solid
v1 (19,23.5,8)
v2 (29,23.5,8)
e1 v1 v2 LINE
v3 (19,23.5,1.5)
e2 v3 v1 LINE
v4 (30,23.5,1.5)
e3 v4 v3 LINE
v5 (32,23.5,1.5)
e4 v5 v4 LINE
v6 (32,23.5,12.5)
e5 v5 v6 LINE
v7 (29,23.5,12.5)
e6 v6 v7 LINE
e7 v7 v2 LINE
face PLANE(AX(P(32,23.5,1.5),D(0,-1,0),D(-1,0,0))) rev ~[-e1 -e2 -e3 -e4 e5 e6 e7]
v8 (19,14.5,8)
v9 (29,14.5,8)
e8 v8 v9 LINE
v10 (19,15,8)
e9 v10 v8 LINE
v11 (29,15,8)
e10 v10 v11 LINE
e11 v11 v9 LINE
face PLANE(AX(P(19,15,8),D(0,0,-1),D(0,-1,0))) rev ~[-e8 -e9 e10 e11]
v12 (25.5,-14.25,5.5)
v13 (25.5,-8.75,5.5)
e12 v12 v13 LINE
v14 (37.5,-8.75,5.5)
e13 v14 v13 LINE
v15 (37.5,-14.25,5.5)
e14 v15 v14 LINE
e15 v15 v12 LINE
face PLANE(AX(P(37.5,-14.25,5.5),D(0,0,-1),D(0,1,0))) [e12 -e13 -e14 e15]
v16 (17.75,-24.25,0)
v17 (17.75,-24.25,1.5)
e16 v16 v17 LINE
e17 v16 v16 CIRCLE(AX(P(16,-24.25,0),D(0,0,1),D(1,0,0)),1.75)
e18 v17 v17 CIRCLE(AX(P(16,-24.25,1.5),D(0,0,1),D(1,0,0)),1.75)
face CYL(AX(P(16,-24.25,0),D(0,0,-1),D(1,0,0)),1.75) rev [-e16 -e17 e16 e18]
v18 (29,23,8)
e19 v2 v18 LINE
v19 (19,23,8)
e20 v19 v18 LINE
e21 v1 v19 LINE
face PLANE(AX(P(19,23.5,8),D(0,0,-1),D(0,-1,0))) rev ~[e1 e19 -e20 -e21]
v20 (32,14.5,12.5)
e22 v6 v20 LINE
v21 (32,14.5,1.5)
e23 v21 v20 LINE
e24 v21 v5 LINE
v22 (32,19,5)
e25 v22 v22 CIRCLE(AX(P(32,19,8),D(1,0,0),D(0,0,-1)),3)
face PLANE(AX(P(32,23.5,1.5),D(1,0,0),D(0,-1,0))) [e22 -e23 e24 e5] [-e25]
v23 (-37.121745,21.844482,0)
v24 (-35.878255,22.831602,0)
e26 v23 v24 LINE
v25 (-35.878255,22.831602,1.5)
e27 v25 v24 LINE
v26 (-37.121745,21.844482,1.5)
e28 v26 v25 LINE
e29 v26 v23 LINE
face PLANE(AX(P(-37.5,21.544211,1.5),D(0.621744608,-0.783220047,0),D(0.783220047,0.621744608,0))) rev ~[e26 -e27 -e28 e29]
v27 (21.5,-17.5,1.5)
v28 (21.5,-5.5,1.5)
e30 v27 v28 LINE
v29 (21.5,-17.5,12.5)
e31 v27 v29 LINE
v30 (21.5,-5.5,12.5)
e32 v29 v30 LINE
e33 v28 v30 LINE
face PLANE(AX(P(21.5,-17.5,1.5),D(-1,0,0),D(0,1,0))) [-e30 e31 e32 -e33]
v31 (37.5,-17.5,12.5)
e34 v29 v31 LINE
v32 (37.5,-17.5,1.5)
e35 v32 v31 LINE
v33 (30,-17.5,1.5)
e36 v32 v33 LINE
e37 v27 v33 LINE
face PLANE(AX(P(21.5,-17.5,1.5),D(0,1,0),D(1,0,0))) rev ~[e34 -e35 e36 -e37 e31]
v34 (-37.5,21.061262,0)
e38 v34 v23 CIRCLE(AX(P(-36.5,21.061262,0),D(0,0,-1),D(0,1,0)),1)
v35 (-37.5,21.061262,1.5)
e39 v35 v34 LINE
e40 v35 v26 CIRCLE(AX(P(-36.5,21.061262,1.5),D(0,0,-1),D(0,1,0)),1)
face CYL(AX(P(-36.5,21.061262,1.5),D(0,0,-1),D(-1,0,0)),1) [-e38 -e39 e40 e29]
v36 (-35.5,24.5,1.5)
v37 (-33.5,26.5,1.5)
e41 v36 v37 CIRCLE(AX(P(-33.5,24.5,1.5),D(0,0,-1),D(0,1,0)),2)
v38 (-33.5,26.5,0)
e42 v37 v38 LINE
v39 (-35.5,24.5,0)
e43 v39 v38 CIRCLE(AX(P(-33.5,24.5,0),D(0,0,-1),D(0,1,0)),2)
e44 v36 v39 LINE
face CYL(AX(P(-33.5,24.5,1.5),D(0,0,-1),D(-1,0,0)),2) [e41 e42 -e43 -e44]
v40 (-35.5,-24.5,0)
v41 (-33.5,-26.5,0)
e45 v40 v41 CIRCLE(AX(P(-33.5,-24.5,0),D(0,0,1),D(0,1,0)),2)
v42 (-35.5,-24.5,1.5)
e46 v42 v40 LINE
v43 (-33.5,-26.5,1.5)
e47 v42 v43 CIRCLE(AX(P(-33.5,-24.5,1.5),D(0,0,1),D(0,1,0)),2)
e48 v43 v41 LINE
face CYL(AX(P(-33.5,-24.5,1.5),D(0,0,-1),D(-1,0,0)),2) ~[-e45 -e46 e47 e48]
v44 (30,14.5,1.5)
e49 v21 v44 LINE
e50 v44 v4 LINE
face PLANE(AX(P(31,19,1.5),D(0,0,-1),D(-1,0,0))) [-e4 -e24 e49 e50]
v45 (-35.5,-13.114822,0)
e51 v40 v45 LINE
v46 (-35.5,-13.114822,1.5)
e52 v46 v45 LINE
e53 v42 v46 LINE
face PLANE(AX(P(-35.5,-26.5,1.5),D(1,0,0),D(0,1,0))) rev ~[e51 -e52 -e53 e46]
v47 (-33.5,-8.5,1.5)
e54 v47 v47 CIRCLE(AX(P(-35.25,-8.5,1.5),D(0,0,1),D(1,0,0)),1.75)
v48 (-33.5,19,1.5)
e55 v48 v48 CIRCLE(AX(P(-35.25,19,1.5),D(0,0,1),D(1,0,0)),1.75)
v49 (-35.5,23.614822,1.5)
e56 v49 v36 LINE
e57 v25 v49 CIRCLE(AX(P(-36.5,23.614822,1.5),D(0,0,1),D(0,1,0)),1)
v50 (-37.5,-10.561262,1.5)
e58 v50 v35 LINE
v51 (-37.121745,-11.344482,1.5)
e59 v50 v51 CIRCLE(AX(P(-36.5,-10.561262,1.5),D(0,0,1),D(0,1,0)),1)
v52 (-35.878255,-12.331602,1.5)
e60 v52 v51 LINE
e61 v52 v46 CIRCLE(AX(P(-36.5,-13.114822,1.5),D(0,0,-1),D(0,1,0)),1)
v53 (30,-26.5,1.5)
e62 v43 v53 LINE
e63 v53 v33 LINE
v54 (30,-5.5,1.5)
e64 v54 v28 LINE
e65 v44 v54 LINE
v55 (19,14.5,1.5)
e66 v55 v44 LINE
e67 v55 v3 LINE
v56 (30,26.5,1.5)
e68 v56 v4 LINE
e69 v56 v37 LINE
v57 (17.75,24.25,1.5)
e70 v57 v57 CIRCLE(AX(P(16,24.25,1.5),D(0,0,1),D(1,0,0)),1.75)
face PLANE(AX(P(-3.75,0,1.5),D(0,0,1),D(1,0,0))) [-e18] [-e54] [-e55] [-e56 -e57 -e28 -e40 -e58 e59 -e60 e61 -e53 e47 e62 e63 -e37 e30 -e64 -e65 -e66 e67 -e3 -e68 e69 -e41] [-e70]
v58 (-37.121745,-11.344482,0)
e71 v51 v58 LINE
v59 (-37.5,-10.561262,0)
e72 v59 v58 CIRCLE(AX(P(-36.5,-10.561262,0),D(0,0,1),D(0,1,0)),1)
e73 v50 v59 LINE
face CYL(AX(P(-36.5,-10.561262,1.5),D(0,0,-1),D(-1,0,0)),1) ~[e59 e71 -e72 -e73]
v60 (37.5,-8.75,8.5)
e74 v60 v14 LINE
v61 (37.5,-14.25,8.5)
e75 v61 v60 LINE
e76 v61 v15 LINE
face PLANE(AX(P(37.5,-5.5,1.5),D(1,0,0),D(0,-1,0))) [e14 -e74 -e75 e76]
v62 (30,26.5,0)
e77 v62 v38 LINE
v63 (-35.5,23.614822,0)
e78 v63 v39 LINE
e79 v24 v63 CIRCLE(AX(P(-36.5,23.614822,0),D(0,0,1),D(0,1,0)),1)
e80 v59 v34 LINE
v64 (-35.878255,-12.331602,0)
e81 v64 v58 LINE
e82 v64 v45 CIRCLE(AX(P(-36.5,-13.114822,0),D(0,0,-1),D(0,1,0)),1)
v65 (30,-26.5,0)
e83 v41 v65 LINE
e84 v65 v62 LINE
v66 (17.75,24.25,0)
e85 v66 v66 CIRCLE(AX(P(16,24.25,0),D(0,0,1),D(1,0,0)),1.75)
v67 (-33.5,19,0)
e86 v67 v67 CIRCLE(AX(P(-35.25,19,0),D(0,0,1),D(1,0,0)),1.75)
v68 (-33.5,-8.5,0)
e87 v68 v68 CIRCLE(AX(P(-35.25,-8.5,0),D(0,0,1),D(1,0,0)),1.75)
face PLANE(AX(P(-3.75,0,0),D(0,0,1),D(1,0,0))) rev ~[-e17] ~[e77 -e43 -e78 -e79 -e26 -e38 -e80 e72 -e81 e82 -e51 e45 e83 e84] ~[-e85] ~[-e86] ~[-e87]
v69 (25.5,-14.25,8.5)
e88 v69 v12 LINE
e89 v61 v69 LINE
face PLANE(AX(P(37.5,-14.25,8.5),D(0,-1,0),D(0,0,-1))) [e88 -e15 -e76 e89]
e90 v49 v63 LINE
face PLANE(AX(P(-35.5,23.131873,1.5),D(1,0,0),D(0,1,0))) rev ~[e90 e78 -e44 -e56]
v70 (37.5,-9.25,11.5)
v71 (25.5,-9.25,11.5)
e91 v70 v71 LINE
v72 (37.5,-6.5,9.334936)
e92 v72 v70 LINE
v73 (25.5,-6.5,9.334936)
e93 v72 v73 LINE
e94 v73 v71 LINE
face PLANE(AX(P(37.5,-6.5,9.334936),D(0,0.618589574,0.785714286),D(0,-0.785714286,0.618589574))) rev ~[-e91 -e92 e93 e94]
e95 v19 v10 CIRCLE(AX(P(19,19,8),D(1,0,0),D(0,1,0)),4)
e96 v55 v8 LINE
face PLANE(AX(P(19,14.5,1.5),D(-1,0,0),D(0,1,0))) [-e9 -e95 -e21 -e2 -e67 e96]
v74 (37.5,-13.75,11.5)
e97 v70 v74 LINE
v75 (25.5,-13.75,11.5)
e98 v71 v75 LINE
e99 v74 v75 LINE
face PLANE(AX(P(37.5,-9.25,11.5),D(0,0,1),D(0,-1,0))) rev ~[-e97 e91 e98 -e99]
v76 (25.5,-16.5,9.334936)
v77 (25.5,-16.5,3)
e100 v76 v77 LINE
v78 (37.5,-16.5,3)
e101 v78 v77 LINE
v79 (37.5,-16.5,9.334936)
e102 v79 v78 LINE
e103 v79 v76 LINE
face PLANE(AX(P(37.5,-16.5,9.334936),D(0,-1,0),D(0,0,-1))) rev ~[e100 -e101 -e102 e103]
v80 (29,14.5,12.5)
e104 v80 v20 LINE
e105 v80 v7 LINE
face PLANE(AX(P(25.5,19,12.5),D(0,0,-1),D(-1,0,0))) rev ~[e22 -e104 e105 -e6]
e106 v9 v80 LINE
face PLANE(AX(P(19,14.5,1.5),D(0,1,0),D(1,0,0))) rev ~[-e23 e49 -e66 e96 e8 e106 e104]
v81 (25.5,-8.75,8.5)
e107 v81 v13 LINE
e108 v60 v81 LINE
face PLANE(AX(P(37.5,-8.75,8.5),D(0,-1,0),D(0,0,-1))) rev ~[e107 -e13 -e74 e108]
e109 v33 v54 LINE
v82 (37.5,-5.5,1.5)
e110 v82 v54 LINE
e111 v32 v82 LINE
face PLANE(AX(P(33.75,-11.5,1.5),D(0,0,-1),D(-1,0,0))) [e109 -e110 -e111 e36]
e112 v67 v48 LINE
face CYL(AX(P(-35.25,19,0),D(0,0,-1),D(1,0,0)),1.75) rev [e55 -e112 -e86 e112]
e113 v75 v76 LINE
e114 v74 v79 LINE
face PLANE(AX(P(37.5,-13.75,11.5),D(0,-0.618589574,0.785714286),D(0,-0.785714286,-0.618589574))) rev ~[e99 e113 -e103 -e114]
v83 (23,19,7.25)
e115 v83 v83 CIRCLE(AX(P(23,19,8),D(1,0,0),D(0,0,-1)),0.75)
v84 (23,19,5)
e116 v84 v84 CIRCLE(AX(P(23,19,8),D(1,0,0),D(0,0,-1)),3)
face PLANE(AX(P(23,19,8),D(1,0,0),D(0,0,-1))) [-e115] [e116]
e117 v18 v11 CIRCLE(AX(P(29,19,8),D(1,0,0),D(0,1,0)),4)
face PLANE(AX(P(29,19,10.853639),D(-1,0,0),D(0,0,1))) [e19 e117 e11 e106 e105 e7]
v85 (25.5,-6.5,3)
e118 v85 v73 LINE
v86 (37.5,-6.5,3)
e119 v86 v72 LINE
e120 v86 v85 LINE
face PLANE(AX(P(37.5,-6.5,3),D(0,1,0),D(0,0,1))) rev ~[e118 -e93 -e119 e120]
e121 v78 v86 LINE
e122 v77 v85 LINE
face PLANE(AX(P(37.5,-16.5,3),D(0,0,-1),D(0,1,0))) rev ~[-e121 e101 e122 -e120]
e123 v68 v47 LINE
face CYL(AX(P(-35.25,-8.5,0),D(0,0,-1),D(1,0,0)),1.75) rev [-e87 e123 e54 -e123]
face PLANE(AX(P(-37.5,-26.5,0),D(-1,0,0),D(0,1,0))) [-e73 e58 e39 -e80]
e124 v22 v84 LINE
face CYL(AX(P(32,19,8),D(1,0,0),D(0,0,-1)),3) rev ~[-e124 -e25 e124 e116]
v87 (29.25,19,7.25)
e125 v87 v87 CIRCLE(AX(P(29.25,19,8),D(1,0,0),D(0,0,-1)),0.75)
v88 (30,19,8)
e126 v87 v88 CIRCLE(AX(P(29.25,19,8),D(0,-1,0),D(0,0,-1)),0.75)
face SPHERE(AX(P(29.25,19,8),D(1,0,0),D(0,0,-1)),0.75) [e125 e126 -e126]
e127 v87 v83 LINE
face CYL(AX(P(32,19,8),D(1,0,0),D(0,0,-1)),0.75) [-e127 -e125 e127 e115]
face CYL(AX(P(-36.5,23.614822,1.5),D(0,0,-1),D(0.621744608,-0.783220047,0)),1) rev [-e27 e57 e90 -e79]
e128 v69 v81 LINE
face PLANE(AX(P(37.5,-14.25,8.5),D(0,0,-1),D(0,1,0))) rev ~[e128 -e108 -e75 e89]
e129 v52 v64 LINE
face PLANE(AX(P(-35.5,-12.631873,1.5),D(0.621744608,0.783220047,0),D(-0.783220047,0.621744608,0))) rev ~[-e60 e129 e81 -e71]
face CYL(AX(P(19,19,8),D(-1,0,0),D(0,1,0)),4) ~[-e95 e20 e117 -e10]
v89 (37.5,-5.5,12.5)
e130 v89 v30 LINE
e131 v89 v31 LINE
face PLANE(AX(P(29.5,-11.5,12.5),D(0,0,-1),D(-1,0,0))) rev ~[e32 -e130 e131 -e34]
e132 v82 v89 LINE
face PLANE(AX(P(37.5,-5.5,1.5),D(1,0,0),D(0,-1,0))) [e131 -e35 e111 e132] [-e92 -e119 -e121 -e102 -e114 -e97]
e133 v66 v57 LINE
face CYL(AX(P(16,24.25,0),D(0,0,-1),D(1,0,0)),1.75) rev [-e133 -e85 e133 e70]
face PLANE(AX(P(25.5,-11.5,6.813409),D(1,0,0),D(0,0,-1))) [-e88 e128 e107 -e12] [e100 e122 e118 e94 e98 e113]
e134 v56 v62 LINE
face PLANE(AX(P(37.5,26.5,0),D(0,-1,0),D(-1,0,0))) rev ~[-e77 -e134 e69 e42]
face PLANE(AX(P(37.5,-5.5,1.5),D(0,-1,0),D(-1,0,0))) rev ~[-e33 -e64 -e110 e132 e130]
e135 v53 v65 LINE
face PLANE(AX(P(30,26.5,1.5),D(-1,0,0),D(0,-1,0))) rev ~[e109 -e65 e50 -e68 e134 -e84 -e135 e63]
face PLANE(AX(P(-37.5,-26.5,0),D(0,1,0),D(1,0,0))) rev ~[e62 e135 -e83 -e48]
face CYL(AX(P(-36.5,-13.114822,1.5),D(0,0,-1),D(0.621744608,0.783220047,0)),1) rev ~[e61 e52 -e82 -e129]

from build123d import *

# Parameters (mm, degrees)
SKETCH1_W           = 67.5
SKETCH1_H           = 53
SKETCH1_R           = 1.75
SKETCH1_W_2         = 7.5
BOSS_EXTRUDE1_DEPTH = 1.5
CUT_EXTRUDE1_DEPTH  = 2
FILLET1_R           = 1
FILLET2_R           = 2
SKETCH3_W           = 7.5
SKETCH3_H           = 9
CUT_EXTRUDE2_DEPTH  = 2
BOSS_EXTRUDE2_DEPTH = 11
SKETCH5_W           = 7.5
SKETCH5_H           = 12
CUT_EXTRUDE3_DEPTH  = 1.5
SKETCH6_W           = 3
SKETCH6_H           = 5.5
CUT_EXTRUDE4_DEPTH  = 12
BOSS_EXTRUDE3_DEPTH = 11
SKETCH8_W           = 2
SKETCH8_H           = 9
CUT_EXTRUDE5_DEPTH  = 1.5
SKETCH9_R           = 3
SKETCH9_R_2         = 0.75
CUT_EXTRUDE6_DEPTH  = 9
SKETCH10_R          = 0.75
CUT_EXTRUDE7_DEPTH  = 2
FILLET3_R           = 0.75
CUT_EXTRUDE8_DEPTH  = 10


with BuildPart() as part:
    # Sketch1 → Boss-Extrude1 (new body)
    with BuildSketch(Plane.XY):
        with Locations((-3.75, 0)):
            Rectangle(SKETCH1_W, SKETCH1_H)
        with Locations((-35.25, -8.5)):
            Circle(SKETCH1_R, mode=Mode.SUBTRACT)
        with Locations((16, -24.25)):
            Circle(SKETCH1_R, mode=Mode.SUBTRACT)
        with Locations((-35.25, 19)):
            Circle(SKETCH1_R, mode=Mode.SUBTRACT)
        with Locations((16, 24.25)):
            Circle(SKETCH1_R, mode=Mode.SUBTRACT)
        with Locations((33.75, 0)):
            Rectangle(SKETCH1_W_2, SKETCH1_H)
    extrude(amount=BOSS_EXTRUDE1_DEPTH)

    # Sketch2 → Cut-Extrude1 (cut)
    with BuildSketch(Plane.XY.offset(1.5)):
        Polygon((-37.5, 26.5), (-37.5, 21.544210715), (-35.5, 23.131873366), (-35.5, 26.5), align=None)
        Polygon((-37.5, -11.044210715), (-37.5, -26.5), (-35.5, -26.5), (-35.5, -16), (-35.5, -12.631873366), align=None)
    extrude(amount=-CUT_EXTRUDE1_DEPTH, mode=Mode.SUBTRACT)

    # Fillet1
    fillet1_edges = [part.edges().sort_by_distance(p)[0] for p in [
        (-35.5, 23.131873366, 0.75),
        (-37.5, 21.544210715, 0.75),
        (-35.5, -12.631873366, 0.75),
        (-37.5, -11.044210715, 0.75),
    ]]
    fillet(fillet1_edges, radius=FILLET1_R)

    # Fillet2
    fillet2_edges = [part.edges().sort_by_distance(p)[0] for p in [
        (-35.5, 26.5, 0.75),
        (-35.5, -26.5, 0.75),
    ]]
    fillet(fillet2_edges, radius=FILLET2_R)

    # Sketch3 → Cut-Extrude2 (cut)
    with BuildSketch(Plane.XY.offset(1.5)):
        Polygon((30, -5.5), (37.5, -5.5), (37.5, 26.5), (30, 26.5), (30, 23.5), (32, 23.5), (32, 14.5), (30, 14.5), align=None)
        with Locations((33.75, -22)):
            Rectangle(SKETCH3_W, SKETCH3_H)
    extrude(amount=-CUT_EXTRUDE2_DEPTH, mode=Mode.SUBTRACT)

    # Sketch4 → Boss-Extrude2 (add)
    with BuildSketch(Plane.XY.offset(1.5)):
        Polygon((37.5, -17.5), (30, -17.5), (21.5, -17.5), (21.5, -5.5), (30, -5.5), (37.5, -5.5), align=None)
    extrude(amount=BOSS_EXTRUDE2_DEPTH)

    # Sketch5 → Cut-Extrude3 (cut)
    with BuildSketch(Plane(origin=(0, 0, 0), x_dir=(-1, 0, 0), z_dir=(0, 0, -1))):
        with Locations((-33.75, -11.5)):
            Rectangle(SKETCH5_W, SKETCH5_H)
    extrude(amount=-CUT_EXTRUDE3_DEPTH, mode=Mode.SUBTRACT)

    # Sketch6 → Cut-Extrude4 (cut)
    with BuildSketch(Plane(origin=(37.5, 0, 0), x_dir=(0, 0, -1), z_dir=(1, 0, 0))):
        Polygon((-3, -16.5), (-3, -6.5), (-9.334936491, -6.5), (-11.5, -9.25), (-11.5, -13.75), (-9.334936491, -16.5), align=None)
        with Locations((-7, -11.5)):
            Rectangle(SKETCH6_W, SKETCH6_H, mode=Mode.SUBTRACT)
    extrude(amount=-CUT_EXTRUDE4_DEPTH, mode=Mode.SUBTRACT)

    # Sketch7 → Boss-Extrude3 (add)
    with BuildSketch(Plane.XY.offset(1.5)):
        Polygon((32, 14.5), (30, 14.5), (19, 14.5), (19, 23.5), (30, 23.5), (32, 23.5), align=None)
    extrude(amount=BOSS_EXTRUDE3_DEPTH)

    # Sketch8 → Cut-Extrude5 (cut)
    with BuildSketch(Plane(origin=(0, 0, 0), x_dir=(-1, 0, 0), z_dir=(0, 0, -1))):
        with Locations((-31, 19)):
            Rectangle(SKETCH8_W, SKETCH8_H)
    extrude(amount=-CUT_EXTRUDE5_DEPTH, mode=Mode.SUBTRACT)

    # Sketch9 → Cut-Extrude6 (cut)
    with BuildSketch(Plane(origin=(32, 0, 0), x_dir=(0, 0, -1), z_dir=(1, 0, 0))):
        with Locations((-8, 19)):
            Circle(SKETCH9_R)
        with Locations((-8, 19)):
            Circle(SKETCH9_R_2, mode=Mode.SUBTRACT)
    extrude(amount=-CUT_EXTRUDE6_DEPTH, mode=Mode.SUBTRACT)

    # Sketch10 → Cut-Extrude7 (cut)
    with BuildSketch(Plane(origin=(32, 0, 0), x_dir=(0, 0, -1), z_dir=(1, 0, 0))):
        with Locations((-8, 19)):
            Circle(SKETCH10_R)
    extrude(amount=-CUT_EXTRUDE7_DEPTH, mode=Mode.SUBTRACT)

    # Fillet3
    fillet3_edges = [part.edges().sort_by_distance(p)[0] for p in [
        (30, 19, 8.75),
    ]]
    fillet(fillet3_edges, radius=FILLET3_R)

    # Sketch11 → Cut-Extrude8 (cut)
    with BuildSketch(Plane.ZY.offset(-19)):
        with BuildLine():
            Line((8, 14.5), (12.5, 14.5))
            Line((12.5, 14.5), (12.5, 23.5))
            Line((12.5, 23.5), (8, 23.5))
            Line((8, 23.5), (8, 23))
            ThreePointArc((8, 23), (12, 19), (8, 15))
            Line((8, 15), (8, 14.5))
        make_face()
    extrude(amount=-CUT_EXTRUDE8_DEPTH, mode=Mode.SUBTRACT)


solid = part.part
